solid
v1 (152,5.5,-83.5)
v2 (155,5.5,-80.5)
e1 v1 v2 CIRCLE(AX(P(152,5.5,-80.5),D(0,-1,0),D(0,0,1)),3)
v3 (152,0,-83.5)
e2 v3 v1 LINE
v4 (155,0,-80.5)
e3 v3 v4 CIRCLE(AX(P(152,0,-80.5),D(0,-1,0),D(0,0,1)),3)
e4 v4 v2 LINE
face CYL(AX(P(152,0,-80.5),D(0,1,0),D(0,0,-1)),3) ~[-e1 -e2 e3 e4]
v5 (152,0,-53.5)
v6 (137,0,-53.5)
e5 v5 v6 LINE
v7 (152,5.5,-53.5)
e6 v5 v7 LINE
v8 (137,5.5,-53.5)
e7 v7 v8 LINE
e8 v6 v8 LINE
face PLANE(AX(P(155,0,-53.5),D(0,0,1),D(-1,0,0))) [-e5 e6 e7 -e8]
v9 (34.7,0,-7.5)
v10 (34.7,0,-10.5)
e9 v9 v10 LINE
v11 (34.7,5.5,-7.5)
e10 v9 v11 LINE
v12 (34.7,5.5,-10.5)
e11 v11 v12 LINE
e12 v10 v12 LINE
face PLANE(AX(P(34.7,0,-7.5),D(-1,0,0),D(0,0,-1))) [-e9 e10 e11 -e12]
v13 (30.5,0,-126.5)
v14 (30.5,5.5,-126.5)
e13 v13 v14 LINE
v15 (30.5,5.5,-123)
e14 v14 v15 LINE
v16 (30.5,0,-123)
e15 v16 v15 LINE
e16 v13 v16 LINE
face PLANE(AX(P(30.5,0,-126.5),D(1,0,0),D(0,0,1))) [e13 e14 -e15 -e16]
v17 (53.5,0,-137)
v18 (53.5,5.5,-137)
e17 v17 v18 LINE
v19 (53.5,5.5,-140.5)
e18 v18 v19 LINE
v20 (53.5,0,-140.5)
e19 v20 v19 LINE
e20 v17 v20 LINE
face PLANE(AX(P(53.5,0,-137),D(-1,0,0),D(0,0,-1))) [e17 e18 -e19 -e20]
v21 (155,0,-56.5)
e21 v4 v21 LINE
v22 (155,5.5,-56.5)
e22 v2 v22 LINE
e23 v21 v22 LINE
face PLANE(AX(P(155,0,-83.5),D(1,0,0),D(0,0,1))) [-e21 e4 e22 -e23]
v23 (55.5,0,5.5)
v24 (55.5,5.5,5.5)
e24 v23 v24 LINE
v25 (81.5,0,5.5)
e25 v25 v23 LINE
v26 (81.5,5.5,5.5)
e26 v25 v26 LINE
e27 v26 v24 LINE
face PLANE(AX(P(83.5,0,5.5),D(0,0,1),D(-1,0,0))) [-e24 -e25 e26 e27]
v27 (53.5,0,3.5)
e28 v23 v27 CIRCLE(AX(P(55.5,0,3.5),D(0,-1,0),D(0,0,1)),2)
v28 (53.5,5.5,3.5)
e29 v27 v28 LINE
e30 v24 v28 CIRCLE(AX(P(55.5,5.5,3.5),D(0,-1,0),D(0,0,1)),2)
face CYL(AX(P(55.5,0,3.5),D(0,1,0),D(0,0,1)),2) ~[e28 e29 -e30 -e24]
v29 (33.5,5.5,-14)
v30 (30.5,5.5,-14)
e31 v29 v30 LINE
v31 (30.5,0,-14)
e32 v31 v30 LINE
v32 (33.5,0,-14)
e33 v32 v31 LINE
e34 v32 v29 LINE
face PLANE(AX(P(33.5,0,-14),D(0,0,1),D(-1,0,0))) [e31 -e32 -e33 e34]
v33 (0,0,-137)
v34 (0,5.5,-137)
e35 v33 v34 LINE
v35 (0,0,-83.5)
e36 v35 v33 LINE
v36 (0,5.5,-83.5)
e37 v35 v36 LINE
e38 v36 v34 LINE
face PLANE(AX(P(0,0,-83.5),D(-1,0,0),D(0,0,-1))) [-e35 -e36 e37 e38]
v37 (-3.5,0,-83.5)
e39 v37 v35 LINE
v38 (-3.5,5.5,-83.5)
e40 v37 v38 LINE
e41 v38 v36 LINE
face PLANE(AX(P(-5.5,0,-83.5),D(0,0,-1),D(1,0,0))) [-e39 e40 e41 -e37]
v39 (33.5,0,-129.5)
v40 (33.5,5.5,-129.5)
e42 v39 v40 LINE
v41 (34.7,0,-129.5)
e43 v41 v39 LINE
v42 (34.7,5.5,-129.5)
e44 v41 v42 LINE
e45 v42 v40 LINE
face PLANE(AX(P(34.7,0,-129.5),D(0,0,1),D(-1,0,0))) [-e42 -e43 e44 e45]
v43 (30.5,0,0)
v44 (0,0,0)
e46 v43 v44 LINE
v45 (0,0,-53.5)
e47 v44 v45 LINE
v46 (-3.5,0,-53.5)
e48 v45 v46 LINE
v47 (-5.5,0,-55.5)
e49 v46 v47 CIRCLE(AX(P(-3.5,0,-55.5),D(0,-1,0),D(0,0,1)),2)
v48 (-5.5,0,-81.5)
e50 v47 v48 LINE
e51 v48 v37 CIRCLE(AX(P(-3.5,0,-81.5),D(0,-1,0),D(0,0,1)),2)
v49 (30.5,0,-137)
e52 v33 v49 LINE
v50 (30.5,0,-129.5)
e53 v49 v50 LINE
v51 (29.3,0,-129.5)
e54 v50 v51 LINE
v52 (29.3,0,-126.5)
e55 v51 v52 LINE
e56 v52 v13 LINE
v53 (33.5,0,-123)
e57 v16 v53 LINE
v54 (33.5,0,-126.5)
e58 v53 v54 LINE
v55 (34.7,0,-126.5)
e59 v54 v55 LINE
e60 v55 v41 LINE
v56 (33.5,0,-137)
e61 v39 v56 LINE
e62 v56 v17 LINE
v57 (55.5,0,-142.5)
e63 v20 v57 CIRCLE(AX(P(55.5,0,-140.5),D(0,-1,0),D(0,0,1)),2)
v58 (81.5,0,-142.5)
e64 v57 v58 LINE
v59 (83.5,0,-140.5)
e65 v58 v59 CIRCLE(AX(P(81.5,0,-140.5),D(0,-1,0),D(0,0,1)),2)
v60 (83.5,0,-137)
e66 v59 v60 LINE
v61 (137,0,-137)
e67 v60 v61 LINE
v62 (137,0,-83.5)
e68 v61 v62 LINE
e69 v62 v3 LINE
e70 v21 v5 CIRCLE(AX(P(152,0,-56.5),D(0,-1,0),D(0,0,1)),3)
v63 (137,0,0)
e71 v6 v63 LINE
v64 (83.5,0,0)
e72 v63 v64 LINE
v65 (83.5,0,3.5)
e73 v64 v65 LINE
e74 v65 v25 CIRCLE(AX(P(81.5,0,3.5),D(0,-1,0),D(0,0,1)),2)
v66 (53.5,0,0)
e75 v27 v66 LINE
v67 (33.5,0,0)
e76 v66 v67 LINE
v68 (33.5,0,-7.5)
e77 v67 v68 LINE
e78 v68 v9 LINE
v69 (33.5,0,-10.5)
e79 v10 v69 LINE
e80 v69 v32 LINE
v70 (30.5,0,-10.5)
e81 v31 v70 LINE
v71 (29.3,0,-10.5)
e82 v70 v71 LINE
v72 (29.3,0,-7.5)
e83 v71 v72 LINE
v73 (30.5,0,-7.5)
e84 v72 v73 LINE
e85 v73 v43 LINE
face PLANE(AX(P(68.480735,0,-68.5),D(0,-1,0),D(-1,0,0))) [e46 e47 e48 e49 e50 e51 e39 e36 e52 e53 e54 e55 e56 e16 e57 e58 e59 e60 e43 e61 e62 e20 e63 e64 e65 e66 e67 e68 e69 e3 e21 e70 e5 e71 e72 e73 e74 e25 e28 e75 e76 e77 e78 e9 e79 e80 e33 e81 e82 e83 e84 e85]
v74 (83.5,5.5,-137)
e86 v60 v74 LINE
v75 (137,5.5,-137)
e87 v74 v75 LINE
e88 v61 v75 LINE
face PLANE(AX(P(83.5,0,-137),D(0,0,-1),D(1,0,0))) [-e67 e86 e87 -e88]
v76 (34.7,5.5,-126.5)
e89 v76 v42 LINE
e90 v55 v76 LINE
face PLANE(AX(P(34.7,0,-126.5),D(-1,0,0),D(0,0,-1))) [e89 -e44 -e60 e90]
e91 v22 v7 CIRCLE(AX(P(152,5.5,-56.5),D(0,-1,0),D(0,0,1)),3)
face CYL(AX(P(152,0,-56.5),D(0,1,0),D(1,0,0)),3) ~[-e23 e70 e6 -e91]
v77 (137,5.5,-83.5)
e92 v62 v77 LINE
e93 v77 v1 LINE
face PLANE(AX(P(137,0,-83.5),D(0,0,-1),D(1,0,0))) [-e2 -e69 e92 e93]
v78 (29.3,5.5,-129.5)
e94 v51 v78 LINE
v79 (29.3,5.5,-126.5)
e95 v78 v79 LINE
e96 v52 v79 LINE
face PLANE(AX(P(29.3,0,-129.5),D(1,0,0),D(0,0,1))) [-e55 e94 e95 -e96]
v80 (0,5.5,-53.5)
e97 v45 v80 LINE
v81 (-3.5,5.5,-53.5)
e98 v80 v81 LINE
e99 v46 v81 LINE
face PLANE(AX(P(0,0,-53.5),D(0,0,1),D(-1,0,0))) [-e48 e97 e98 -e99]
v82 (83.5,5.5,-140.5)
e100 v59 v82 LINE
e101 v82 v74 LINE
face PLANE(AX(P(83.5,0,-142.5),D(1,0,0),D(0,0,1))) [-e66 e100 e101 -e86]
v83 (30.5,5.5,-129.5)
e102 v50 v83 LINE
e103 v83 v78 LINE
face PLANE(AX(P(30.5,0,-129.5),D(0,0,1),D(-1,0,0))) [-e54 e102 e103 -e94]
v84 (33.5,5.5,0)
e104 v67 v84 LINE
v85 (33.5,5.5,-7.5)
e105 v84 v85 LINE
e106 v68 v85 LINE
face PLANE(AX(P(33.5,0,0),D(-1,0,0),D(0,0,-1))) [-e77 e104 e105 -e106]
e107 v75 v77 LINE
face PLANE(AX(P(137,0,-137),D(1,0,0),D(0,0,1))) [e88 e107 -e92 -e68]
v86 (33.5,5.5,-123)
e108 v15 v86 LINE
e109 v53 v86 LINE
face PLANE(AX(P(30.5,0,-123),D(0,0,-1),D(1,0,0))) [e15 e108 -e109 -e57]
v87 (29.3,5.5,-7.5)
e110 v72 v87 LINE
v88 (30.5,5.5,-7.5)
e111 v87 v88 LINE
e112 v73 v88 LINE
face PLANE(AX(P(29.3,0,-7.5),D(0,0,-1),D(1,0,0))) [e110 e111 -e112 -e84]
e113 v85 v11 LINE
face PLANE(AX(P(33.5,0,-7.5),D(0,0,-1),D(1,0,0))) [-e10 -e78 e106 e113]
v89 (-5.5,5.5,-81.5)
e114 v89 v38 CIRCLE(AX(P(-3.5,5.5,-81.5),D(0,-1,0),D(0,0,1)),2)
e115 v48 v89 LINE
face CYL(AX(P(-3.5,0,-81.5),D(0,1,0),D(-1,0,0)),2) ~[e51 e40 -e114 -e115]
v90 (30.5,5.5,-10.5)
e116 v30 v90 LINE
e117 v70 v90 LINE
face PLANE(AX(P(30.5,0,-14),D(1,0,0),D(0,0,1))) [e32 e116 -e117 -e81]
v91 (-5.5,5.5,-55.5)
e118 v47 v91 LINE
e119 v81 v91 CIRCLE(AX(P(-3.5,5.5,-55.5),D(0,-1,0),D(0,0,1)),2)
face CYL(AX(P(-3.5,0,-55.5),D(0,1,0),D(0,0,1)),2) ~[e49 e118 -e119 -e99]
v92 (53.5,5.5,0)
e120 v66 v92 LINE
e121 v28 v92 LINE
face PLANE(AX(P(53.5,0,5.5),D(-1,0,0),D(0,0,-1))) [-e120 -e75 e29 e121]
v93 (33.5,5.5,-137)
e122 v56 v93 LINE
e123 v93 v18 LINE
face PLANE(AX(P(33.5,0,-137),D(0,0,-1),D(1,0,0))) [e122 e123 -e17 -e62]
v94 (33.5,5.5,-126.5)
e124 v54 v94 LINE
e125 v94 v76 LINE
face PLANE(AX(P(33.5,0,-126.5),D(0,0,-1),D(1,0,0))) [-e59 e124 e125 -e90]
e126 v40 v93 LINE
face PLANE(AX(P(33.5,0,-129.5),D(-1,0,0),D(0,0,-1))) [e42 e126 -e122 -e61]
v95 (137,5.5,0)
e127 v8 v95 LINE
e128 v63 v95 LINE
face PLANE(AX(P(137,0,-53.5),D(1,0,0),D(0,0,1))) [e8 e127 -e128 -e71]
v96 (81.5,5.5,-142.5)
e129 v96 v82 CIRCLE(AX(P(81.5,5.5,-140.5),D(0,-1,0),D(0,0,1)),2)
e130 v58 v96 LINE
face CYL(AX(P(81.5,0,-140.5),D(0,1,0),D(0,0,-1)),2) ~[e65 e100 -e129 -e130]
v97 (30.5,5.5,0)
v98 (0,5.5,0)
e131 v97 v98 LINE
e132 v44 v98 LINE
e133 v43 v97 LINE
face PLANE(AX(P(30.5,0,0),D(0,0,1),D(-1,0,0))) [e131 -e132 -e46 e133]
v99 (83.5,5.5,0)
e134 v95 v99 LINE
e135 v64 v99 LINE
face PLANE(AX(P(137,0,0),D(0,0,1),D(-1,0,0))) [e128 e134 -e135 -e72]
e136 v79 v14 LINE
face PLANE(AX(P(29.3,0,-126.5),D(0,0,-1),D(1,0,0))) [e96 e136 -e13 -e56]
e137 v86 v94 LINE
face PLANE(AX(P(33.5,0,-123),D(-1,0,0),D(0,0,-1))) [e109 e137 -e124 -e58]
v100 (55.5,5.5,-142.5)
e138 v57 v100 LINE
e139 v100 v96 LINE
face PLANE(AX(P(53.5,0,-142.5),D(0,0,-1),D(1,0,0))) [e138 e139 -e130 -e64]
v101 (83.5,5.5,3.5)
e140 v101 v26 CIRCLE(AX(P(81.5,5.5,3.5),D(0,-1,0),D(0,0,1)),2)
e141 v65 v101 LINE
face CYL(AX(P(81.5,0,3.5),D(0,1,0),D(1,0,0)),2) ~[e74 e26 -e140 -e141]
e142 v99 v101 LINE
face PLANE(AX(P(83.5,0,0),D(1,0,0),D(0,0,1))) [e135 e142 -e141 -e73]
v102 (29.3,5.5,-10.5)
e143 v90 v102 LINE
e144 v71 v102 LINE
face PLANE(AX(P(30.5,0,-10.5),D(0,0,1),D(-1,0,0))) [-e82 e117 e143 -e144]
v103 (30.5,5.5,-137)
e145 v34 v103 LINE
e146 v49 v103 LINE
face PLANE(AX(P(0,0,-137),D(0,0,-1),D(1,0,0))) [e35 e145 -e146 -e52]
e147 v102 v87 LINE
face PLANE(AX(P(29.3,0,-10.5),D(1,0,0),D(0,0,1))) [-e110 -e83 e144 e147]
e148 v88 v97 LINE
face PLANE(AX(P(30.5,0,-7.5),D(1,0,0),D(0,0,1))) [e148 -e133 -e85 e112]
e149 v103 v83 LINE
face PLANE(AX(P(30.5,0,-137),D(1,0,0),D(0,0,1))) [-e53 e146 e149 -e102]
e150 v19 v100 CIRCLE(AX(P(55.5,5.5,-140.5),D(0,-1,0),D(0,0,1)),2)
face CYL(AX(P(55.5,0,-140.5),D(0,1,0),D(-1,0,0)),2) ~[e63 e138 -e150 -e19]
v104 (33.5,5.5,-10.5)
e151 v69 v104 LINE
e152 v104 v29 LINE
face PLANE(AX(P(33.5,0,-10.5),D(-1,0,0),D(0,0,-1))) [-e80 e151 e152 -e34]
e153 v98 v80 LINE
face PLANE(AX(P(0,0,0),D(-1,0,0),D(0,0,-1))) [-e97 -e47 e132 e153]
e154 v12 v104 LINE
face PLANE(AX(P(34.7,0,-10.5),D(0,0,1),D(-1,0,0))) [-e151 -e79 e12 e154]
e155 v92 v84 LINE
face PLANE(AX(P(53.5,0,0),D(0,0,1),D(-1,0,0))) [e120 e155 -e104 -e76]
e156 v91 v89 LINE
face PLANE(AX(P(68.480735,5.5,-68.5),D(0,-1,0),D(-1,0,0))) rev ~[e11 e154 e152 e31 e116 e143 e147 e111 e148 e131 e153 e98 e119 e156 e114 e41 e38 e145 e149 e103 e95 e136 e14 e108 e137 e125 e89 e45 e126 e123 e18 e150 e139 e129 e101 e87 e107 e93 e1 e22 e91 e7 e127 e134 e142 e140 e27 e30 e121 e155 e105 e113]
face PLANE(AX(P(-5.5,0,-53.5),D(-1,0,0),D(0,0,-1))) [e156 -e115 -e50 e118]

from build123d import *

# Parameters (mm, degrees)
BOSS_EXTRUDE1_DEPTH = 5.5
FILLET1_R           = 2
FILLET2_R           = 3


with BuildPart() as part:
    # Sketch1 → Boss-Extrude1 (new body)
    with BuildSketch(Plane(origin=(0, 0, 0), x_dir=(1, 0, 0), z_dir=(0, 1, 0))):
        Polygon((0, 83.5), (0, 137), (30.5, 137), (30.5, 129.5), (29.3, 129.5), (29.3, 126.5), (30.5, 126.5), (30.5, 123), (33.5, 123), (33.5, 126.5), (34.7, 126.5), (34.7, 129.5), (33.5, 129.5), (33.5, 137), (53.5, 137), (53.5, 142.5), (83.5, 142.5), (83.5, 137), (137, 137), (137, 83.5), (155, 83.5), (155, 53.5), (137, 53.5), (137, 0), (83.5, 0), (83.5, -5.5), (53.5, -5.5), (53.5, 0), (33.5, 0), (33.5, 7.5), (34.7, 7.5), (34.7, 10.5), (33.5, 10.5), (33.5, 14), (30.5, 14), (30.5, 10.5), (29.3, 10.5), (29.3, 7.5), (30.5, 7.5), (30.5, 0), (0, 0), (0, 53.5), (-5.5, 53.5), (-5.5, 83.5), align=None)
    extrude(amount=BOSS_EXTRUDE1_DEPTH)

    # Fillet1
    fillet1_edges = [part.edges().sort_by_distance(p)[0] for p in [
        (-5.5, 2.75, -53.5),
        (-5.5, 2.75, -83.5),
        (53.5, 2.75, -142.5),
        (83.5, 2.75, -142.5),
        (83.5, 2.75, 5.5),
        (53.5, 2.75, 5.5),
    ]]
    fillet(fillet1_edges, radius=FILLET1_R)

    # Fillet2
    fillet2_edges = [part.edges().sort_by_distance(p)[0] for p in [
        (155, 2.75, -83.5),
        (155, 2.75, -53.5),
    ]]
    fillet(fillet2_edges, radius=FILLET2_R)


solid = part.part
